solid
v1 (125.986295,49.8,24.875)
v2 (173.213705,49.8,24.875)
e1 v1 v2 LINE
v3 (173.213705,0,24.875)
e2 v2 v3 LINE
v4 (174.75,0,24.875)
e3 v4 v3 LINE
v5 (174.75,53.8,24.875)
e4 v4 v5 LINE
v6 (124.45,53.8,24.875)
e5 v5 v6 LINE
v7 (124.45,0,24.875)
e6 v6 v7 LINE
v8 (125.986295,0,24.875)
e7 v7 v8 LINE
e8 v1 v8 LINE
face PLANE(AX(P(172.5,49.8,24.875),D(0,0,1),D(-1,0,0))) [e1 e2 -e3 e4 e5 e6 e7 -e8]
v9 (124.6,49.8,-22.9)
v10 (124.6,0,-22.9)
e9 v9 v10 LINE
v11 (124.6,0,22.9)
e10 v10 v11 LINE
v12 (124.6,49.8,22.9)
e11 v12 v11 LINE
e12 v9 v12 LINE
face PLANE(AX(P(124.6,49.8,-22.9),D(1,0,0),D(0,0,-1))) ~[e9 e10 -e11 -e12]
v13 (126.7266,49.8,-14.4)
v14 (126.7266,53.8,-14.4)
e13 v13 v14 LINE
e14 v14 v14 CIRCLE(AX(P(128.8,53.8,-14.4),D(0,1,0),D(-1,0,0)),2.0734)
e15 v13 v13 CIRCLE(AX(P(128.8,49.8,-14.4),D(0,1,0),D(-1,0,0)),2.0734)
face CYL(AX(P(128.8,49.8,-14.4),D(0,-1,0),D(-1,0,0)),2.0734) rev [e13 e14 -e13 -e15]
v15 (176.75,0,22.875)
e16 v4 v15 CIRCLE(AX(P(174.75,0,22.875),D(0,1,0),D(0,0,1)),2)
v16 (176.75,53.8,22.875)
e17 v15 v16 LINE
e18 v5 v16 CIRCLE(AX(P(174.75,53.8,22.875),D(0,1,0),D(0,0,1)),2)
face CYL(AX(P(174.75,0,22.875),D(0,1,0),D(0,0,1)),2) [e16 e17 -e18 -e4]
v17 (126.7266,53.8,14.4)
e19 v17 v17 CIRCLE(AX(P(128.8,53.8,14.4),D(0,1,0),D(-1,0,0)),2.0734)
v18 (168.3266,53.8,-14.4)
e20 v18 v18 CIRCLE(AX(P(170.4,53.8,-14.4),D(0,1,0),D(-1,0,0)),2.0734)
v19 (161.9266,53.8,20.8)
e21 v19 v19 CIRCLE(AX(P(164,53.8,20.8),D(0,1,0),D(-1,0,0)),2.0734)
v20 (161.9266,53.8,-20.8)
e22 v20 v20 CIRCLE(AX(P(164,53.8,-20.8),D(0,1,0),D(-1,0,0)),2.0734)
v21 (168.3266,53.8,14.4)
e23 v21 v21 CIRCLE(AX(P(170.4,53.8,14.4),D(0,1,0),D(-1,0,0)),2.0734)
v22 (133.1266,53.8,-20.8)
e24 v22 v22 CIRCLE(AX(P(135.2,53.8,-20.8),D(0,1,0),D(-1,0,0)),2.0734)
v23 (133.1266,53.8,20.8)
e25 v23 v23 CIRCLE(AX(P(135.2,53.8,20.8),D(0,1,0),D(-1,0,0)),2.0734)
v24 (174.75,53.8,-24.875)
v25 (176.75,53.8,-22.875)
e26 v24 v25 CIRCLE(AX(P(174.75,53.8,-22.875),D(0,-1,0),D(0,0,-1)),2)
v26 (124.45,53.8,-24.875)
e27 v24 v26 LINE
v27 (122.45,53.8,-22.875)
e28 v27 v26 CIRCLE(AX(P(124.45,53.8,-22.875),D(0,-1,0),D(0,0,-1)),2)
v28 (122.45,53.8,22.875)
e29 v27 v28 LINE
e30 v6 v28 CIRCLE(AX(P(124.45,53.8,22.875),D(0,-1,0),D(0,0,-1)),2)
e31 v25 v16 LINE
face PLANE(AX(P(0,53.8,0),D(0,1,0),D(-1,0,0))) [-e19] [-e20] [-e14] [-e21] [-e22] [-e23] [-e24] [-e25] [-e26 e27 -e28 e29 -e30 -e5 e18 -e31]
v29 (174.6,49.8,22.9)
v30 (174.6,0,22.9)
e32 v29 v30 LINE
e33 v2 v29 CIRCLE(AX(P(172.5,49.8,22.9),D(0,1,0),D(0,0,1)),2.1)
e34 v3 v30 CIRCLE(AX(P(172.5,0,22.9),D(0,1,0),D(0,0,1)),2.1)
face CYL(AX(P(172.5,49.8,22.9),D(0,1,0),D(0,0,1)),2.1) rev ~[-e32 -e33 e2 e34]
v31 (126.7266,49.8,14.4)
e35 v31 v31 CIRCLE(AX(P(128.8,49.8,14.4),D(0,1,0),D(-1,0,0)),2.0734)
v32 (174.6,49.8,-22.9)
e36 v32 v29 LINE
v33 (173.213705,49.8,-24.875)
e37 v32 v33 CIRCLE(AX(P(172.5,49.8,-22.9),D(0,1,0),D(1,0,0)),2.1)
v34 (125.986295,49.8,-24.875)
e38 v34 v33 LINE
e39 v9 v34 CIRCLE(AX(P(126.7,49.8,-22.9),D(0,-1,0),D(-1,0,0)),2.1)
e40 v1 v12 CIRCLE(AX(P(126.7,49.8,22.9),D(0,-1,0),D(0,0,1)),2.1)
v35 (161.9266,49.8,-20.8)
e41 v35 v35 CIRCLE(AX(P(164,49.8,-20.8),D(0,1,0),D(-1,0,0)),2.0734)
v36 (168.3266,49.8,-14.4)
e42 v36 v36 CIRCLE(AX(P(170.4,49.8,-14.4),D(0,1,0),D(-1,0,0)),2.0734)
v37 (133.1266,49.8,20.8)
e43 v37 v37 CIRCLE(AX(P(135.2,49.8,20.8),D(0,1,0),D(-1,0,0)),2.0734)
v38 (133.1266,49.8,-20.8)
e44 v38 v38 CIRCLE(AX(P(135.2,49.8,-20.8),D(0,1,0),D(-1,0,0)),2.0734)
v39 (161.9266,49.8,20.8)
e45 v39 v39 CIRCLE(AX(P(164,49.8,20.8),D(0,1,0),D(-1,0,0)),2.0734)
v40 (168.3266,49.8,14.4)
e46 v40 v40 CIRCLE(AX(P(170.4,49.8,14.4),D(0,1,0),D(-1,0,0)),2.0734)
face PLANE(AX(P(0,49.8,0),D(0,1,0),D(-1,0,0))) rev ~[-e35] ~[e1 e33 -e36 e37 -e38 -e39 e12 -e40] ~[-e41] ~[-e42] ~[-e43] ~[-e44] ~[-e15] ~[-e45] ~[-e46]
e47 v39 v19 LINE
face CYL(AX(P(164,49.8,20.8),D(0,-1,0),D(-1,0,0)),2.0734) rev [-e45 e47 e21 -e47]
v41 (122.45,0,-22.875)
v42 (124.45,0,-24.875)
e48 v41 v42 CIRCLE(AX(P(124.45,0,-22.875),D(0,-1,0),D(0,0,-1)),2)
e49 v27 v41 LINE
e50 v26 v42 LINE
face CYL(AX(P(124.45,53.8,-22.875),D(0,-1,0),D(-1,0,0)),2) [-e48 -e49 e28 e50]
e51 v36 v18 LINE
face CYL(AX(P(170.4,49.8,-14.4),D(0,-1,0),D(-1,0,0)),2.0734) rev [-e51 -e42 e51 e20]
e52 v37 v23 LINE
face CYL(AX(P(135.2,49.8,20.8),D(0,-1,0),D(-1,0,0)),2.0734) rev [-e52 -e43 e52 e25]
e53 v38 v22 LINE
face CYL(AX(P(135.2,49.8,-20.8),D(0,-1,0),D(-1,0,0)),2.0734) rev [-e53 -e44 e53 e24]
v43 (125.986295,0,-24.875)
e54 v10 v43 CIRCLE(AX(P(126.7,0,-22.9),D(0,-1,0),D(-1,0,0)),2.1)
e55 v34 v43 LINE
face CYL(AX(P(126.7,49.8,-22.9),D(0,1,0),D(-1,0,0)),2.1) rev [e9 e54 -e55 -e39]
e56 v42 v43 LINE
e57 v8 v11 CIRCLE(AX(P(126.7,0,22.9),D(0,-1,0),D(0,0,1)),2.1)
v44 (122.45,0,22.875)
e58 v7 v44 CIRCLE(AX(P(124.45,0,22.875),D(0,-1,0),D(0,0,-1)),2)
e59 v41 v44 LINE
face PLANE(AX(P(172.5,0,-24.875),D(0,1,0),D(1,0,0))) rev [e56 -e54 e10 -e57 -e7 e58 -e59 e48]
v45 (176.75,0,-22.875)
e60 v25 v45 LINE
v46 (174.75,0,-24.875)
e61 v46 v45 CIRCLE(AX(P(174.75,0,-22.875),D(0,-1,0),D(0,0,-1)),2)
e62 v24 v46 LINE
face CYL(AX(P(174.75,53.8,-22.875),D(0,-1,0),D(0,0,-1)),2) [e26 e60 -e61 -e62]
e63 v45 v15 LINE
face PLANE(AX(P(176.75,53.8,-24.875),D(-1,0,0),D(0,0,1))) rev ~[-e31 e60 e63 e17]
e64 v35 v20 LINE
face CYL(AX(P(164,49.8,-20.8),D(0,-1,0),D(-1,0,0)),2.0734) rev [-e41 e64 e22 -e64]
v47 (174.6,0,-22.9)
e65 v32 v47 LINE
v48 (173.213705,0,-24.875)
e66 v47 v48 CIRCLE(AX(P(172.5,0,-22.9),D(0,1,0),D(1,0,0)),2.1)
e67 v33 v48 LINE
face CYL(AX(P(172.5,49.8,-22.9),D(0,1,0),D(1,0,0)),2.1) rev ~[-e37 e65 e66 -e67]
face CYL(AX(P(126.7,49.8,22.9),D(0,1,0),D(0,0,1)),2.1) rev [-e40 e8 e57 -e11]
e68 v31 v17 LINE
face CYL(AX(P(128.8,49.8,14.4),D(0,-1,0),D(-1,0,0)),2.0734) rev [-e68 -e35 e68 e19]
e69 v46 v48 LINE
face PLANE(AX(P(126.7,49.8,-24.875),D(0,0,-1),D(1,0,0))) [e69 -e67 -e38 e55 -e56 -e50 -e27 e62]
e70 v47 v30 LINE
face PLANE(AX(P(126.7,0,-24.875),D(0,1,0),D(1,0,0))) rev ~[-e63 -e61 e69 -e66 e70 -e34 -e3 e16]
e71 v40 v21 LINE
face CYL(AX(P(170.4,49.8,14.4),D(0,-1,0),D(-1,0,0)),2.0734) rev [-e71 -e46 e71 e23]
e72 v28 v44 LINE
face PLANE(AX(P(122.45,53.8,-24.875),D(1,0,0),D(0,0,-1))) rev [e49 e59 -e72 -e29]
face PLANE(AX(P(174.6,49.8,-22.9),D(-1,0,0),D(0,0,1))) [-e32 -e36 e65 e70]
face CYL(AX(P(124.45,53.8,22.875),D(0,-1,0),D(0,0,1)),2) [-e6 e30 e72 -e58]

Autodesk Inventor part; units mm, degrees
ref_plane "YZ Plane" through (0, 0, 0) normal (1, 0, 0) x (0, 1, 0)
sketch "Sketch1" plane through (0, 0, 0) normal (0, 1, 0) x (-1, 0, 0)
  line L0 (-155.225, -15) -> (-155.225, 15) projected
  line L1 (-155.225, 15) -> (-147.725, 15) projected
  line L2 (-147.725, 15) -> (-147.725, -15) projected
  line L3 (-147.725, -15) -> (-155.225, -15) projected
  circle A0 centre (-171.5, -21.9) radius 1.875 projected
  circle A1 centre (-127.7, 21.9) radius 1.875 projected
  circle A2 centre (-127.7, -21.9) radius 1.875 projected
  circle A3 centre (-171.5, 21.9) radius 1.875 projected
  circle A4 centre (-135.2, 20.8) radius 2.0734 projected
  circle A5 centre (-164, -20.8) radius 2.0734 projected
  circle A6 centre (-135.2, -20.8) radius 2.0734 projected
  circle A7 centre (-128.8, -14.4) radius 2.0734 projected
  circle A8 centre (-128.8, 14.4) radius 2.0734 projected
  circle A9 centre (-164, 20.8) radius 2.0734 projected
  circle A10 centre (-170.4, -14.4) radius 2.0734 projected
  circle A11 centre (-170.4, 14.4) radius 2.0734 projected
  line L4 (-172.5, 24.875) -> (-126.7, 24.875) projected
  arc A12 (-172.5, 24.875) -> (-174.475, 22.9) centre (-172.5, 22.9) ccw projected
  line L5 (-174.475, -22.9) -> (-174.475, 22.9) projected
  arc A13 (-174.475, -22.9) -> (-172.5, -24.875) centre (-172.5, -22.9) ccw projected
  line L6 (-126.7, -24.875) -> (-172.5, -24.875) projected
  arc A14 (-126.7, -24.875) -> (-124.725, -22.9) centre (-126.7, -22.9) ccw projected
  line L7 (-124.725, 22.9) -> (-124.725, -22.9) projected
  arc A15 (-124.725, 22.9) -> (-126.7, 24.875) centre (-126.7, 22.9) ccw projected
  point P0 (0, 0)
ref_plane "Work Plane1" through (124.725, 49.8, -24.875) normal (0, 1, 0) x (0, 0, 1)
extrude "Extrusion1" add sketch "Sketch1" along normal blind 4 from surface at 49.8 contours L0 L1 L2 L3 | A0 | A1 | A2 | A3 | L4 A15 L7 A14 L6 A13 L5 A12
sketch "Sketch2" plane through (126.7, 53.8, -24.875) normal (0, 1, 0) x (1, 0, 0)
  circle A0 centre (8.5, -45.675) radius 2.0734 projected
  circle A1 centre (37.3, -4.075) radius 2.0734 projected
  circle A2 centre (8.5, -4.075) radius 2.0734 projected
  circle A3 centre (2.1, -10.475) radius 2.0734 projected
  circle A4 centre (2.1, -39.275) radius 2.0734 projected
  circle A5 centre (37.3, -45.675) radius 2.0734 projected
  circle A6 centre (43.7, -10.475) radius 2.0734 projected
  circle A7 centre (43.7, -39.275) radius 2.0734 projected
  arc A8 (47.775, -1.975) -> (45.8, 0) centre (45.8, -1.975) ccw projected
  line L0 (0, 0) -> (45.8, 0) projected
  arc A9 (0, 0) -> (-1.975, -1.975) centre (0, -1.975) ccw projected
  line L1 (-1.975, -47.775) -> (-1.975, -1.975) projected
  arc A10 (-1.975, -47.775) -> (0, -49.75) centre (0, -47.775) ccw projected
  line L2 (45.8, -49.75) -> (0, -49.75) projected
  arc A11 (45.8, -49.75) -> (47.775, -47.775) centre (45.8, -47.775) ccw projected
  line L3 (47.775, -1.975) -> (47.775, -47.775) projected
  line L4 (16.025, -44.875) -> (33.525, -44.875)
  line L5 (33.525, -44.875) -> (33.525, -4.875)
  line L6 (33.525, -4.875) -> (16.025, -4.875)
  line L7 (16.025, -4.875) -> (16.025, -44.875)
  line L8 (45.8, 0) -> (50.05, 0)
  line L9 (50.05, 0) -> (50.05, -49.75)
  line L10 (50.05, -49.75) -> (45.8, -49.75)
  line L11 (45.8, -49.75) -> (45.8, 0)
  line L12 (50.05, -49.75) -> (47.925, -49.75)
  line L13 (47.925, -49.75) -> (47.925, 0)
  line L14 (47.925, 0) -> (50.05, 0)
  line L15 (50.05, 0) -> (50.05, -49.75)
  arc A12 (45.8, -49.875) -> (47.9, -47.775) centre (45.8, -47.775) ccw
  line L16 (45.8, -49.875) -> (0, -49.875)
  arc A13 (-2.1, -47.775) -> (0, -49.875) centre (0, -47.775) ccw
  line L17 (-2.1, -47.775) -> (-2.1, -1.975)
  arc A14 (0, 0.125) -> (-2.1, -1.975) centre (0, -1.975) ccw
  line L18 (0, 0.125) -> (45.8, 0.125)
  arc A15 (47.9, -1.975) -> (45.8, 0.125) centre (45.8, -1.975) ccw
  line L19 (47.9, -1.975) -> (47.9, -47.775)
  point P0 (-126.7, -24.875)
  point P1 (47.925, -49.75)
  point P2 (46.5137, -49.75)
  point P3 (46.5137, 0)
  dimension "d3" = 4.25
  dimension "d4" = 2.125
  dimension "d15" = 0.125
extrude "Extrusion2" [suppressed]
extrude "Extrusion3" add sketch "Sketch2" against normal up to surface (4 mm away) contours A8 L8 A15 L19 A12 L10 A11 L3 | L8 L13 L10 A12 L19 A15 | L8 L9 L10 L13
extrude "Extrusion4" add sketch "Sketch2" against normal blind 49.8 from surface at -4 contours L8 L13 L10 A12 L19 A15 | L8 L9 L10 L13
fillet "Fillet1" radius 2 2 edges at (176.75, 26.9, 24.875) (176.75, 26.9, -24.875)
sketch "Sketch3" plane through (176.75, 53.8, 22.875) normal (1, 0, 0) x (0, 0, -1)
  line L0 (7.875, -21.425) -> (7.875, -28.925) projected
  line L1 (7.875, -28.925) -> (37.875, -28.925) projected
  line L2 (37.875, -28.925) -> (37.875, -21.425) projected
  line L3 (37.875, -21.425) -> (7.875, -21.425) projected
  line L4 (5.825, -9.7) -> (39.925, -9.7) projected
  line L5 (39.925, -44.1) -> (39.925, -9.7) projected
  line L6 (5.825, -44.1) -> (39.925, -44.1) projected
  line L7 (5.825, -9.7) -> (5.825, -44.1) projected
  line L8 (2.875, -16.425) -> (2.875, -33.925)
  line L9 (2.875, -33.925) -> (42.875, -33.925)
  line L10 (42.875, -33.925) -> (42.875, -16.425)
  line L11 (42.875, -16.425) -> (2.875, -16.425)
  point P0 (22.875, -53.8)
  dimension "d12" = 5
extrude "Extrusion5" [suppressed]
ref_plane "Work Plane2" through (149.6, 49.8, -22.9) normal (-1, 0, 0) x (0, 0, 1)
mirror "Mirror1" about plane through (149.6, 49.8, -22.9) normal (-1, 0, 0) of "Extrusion3", "Extrusion4", "Fillet1"
properties part number "Outer Cover Full"
